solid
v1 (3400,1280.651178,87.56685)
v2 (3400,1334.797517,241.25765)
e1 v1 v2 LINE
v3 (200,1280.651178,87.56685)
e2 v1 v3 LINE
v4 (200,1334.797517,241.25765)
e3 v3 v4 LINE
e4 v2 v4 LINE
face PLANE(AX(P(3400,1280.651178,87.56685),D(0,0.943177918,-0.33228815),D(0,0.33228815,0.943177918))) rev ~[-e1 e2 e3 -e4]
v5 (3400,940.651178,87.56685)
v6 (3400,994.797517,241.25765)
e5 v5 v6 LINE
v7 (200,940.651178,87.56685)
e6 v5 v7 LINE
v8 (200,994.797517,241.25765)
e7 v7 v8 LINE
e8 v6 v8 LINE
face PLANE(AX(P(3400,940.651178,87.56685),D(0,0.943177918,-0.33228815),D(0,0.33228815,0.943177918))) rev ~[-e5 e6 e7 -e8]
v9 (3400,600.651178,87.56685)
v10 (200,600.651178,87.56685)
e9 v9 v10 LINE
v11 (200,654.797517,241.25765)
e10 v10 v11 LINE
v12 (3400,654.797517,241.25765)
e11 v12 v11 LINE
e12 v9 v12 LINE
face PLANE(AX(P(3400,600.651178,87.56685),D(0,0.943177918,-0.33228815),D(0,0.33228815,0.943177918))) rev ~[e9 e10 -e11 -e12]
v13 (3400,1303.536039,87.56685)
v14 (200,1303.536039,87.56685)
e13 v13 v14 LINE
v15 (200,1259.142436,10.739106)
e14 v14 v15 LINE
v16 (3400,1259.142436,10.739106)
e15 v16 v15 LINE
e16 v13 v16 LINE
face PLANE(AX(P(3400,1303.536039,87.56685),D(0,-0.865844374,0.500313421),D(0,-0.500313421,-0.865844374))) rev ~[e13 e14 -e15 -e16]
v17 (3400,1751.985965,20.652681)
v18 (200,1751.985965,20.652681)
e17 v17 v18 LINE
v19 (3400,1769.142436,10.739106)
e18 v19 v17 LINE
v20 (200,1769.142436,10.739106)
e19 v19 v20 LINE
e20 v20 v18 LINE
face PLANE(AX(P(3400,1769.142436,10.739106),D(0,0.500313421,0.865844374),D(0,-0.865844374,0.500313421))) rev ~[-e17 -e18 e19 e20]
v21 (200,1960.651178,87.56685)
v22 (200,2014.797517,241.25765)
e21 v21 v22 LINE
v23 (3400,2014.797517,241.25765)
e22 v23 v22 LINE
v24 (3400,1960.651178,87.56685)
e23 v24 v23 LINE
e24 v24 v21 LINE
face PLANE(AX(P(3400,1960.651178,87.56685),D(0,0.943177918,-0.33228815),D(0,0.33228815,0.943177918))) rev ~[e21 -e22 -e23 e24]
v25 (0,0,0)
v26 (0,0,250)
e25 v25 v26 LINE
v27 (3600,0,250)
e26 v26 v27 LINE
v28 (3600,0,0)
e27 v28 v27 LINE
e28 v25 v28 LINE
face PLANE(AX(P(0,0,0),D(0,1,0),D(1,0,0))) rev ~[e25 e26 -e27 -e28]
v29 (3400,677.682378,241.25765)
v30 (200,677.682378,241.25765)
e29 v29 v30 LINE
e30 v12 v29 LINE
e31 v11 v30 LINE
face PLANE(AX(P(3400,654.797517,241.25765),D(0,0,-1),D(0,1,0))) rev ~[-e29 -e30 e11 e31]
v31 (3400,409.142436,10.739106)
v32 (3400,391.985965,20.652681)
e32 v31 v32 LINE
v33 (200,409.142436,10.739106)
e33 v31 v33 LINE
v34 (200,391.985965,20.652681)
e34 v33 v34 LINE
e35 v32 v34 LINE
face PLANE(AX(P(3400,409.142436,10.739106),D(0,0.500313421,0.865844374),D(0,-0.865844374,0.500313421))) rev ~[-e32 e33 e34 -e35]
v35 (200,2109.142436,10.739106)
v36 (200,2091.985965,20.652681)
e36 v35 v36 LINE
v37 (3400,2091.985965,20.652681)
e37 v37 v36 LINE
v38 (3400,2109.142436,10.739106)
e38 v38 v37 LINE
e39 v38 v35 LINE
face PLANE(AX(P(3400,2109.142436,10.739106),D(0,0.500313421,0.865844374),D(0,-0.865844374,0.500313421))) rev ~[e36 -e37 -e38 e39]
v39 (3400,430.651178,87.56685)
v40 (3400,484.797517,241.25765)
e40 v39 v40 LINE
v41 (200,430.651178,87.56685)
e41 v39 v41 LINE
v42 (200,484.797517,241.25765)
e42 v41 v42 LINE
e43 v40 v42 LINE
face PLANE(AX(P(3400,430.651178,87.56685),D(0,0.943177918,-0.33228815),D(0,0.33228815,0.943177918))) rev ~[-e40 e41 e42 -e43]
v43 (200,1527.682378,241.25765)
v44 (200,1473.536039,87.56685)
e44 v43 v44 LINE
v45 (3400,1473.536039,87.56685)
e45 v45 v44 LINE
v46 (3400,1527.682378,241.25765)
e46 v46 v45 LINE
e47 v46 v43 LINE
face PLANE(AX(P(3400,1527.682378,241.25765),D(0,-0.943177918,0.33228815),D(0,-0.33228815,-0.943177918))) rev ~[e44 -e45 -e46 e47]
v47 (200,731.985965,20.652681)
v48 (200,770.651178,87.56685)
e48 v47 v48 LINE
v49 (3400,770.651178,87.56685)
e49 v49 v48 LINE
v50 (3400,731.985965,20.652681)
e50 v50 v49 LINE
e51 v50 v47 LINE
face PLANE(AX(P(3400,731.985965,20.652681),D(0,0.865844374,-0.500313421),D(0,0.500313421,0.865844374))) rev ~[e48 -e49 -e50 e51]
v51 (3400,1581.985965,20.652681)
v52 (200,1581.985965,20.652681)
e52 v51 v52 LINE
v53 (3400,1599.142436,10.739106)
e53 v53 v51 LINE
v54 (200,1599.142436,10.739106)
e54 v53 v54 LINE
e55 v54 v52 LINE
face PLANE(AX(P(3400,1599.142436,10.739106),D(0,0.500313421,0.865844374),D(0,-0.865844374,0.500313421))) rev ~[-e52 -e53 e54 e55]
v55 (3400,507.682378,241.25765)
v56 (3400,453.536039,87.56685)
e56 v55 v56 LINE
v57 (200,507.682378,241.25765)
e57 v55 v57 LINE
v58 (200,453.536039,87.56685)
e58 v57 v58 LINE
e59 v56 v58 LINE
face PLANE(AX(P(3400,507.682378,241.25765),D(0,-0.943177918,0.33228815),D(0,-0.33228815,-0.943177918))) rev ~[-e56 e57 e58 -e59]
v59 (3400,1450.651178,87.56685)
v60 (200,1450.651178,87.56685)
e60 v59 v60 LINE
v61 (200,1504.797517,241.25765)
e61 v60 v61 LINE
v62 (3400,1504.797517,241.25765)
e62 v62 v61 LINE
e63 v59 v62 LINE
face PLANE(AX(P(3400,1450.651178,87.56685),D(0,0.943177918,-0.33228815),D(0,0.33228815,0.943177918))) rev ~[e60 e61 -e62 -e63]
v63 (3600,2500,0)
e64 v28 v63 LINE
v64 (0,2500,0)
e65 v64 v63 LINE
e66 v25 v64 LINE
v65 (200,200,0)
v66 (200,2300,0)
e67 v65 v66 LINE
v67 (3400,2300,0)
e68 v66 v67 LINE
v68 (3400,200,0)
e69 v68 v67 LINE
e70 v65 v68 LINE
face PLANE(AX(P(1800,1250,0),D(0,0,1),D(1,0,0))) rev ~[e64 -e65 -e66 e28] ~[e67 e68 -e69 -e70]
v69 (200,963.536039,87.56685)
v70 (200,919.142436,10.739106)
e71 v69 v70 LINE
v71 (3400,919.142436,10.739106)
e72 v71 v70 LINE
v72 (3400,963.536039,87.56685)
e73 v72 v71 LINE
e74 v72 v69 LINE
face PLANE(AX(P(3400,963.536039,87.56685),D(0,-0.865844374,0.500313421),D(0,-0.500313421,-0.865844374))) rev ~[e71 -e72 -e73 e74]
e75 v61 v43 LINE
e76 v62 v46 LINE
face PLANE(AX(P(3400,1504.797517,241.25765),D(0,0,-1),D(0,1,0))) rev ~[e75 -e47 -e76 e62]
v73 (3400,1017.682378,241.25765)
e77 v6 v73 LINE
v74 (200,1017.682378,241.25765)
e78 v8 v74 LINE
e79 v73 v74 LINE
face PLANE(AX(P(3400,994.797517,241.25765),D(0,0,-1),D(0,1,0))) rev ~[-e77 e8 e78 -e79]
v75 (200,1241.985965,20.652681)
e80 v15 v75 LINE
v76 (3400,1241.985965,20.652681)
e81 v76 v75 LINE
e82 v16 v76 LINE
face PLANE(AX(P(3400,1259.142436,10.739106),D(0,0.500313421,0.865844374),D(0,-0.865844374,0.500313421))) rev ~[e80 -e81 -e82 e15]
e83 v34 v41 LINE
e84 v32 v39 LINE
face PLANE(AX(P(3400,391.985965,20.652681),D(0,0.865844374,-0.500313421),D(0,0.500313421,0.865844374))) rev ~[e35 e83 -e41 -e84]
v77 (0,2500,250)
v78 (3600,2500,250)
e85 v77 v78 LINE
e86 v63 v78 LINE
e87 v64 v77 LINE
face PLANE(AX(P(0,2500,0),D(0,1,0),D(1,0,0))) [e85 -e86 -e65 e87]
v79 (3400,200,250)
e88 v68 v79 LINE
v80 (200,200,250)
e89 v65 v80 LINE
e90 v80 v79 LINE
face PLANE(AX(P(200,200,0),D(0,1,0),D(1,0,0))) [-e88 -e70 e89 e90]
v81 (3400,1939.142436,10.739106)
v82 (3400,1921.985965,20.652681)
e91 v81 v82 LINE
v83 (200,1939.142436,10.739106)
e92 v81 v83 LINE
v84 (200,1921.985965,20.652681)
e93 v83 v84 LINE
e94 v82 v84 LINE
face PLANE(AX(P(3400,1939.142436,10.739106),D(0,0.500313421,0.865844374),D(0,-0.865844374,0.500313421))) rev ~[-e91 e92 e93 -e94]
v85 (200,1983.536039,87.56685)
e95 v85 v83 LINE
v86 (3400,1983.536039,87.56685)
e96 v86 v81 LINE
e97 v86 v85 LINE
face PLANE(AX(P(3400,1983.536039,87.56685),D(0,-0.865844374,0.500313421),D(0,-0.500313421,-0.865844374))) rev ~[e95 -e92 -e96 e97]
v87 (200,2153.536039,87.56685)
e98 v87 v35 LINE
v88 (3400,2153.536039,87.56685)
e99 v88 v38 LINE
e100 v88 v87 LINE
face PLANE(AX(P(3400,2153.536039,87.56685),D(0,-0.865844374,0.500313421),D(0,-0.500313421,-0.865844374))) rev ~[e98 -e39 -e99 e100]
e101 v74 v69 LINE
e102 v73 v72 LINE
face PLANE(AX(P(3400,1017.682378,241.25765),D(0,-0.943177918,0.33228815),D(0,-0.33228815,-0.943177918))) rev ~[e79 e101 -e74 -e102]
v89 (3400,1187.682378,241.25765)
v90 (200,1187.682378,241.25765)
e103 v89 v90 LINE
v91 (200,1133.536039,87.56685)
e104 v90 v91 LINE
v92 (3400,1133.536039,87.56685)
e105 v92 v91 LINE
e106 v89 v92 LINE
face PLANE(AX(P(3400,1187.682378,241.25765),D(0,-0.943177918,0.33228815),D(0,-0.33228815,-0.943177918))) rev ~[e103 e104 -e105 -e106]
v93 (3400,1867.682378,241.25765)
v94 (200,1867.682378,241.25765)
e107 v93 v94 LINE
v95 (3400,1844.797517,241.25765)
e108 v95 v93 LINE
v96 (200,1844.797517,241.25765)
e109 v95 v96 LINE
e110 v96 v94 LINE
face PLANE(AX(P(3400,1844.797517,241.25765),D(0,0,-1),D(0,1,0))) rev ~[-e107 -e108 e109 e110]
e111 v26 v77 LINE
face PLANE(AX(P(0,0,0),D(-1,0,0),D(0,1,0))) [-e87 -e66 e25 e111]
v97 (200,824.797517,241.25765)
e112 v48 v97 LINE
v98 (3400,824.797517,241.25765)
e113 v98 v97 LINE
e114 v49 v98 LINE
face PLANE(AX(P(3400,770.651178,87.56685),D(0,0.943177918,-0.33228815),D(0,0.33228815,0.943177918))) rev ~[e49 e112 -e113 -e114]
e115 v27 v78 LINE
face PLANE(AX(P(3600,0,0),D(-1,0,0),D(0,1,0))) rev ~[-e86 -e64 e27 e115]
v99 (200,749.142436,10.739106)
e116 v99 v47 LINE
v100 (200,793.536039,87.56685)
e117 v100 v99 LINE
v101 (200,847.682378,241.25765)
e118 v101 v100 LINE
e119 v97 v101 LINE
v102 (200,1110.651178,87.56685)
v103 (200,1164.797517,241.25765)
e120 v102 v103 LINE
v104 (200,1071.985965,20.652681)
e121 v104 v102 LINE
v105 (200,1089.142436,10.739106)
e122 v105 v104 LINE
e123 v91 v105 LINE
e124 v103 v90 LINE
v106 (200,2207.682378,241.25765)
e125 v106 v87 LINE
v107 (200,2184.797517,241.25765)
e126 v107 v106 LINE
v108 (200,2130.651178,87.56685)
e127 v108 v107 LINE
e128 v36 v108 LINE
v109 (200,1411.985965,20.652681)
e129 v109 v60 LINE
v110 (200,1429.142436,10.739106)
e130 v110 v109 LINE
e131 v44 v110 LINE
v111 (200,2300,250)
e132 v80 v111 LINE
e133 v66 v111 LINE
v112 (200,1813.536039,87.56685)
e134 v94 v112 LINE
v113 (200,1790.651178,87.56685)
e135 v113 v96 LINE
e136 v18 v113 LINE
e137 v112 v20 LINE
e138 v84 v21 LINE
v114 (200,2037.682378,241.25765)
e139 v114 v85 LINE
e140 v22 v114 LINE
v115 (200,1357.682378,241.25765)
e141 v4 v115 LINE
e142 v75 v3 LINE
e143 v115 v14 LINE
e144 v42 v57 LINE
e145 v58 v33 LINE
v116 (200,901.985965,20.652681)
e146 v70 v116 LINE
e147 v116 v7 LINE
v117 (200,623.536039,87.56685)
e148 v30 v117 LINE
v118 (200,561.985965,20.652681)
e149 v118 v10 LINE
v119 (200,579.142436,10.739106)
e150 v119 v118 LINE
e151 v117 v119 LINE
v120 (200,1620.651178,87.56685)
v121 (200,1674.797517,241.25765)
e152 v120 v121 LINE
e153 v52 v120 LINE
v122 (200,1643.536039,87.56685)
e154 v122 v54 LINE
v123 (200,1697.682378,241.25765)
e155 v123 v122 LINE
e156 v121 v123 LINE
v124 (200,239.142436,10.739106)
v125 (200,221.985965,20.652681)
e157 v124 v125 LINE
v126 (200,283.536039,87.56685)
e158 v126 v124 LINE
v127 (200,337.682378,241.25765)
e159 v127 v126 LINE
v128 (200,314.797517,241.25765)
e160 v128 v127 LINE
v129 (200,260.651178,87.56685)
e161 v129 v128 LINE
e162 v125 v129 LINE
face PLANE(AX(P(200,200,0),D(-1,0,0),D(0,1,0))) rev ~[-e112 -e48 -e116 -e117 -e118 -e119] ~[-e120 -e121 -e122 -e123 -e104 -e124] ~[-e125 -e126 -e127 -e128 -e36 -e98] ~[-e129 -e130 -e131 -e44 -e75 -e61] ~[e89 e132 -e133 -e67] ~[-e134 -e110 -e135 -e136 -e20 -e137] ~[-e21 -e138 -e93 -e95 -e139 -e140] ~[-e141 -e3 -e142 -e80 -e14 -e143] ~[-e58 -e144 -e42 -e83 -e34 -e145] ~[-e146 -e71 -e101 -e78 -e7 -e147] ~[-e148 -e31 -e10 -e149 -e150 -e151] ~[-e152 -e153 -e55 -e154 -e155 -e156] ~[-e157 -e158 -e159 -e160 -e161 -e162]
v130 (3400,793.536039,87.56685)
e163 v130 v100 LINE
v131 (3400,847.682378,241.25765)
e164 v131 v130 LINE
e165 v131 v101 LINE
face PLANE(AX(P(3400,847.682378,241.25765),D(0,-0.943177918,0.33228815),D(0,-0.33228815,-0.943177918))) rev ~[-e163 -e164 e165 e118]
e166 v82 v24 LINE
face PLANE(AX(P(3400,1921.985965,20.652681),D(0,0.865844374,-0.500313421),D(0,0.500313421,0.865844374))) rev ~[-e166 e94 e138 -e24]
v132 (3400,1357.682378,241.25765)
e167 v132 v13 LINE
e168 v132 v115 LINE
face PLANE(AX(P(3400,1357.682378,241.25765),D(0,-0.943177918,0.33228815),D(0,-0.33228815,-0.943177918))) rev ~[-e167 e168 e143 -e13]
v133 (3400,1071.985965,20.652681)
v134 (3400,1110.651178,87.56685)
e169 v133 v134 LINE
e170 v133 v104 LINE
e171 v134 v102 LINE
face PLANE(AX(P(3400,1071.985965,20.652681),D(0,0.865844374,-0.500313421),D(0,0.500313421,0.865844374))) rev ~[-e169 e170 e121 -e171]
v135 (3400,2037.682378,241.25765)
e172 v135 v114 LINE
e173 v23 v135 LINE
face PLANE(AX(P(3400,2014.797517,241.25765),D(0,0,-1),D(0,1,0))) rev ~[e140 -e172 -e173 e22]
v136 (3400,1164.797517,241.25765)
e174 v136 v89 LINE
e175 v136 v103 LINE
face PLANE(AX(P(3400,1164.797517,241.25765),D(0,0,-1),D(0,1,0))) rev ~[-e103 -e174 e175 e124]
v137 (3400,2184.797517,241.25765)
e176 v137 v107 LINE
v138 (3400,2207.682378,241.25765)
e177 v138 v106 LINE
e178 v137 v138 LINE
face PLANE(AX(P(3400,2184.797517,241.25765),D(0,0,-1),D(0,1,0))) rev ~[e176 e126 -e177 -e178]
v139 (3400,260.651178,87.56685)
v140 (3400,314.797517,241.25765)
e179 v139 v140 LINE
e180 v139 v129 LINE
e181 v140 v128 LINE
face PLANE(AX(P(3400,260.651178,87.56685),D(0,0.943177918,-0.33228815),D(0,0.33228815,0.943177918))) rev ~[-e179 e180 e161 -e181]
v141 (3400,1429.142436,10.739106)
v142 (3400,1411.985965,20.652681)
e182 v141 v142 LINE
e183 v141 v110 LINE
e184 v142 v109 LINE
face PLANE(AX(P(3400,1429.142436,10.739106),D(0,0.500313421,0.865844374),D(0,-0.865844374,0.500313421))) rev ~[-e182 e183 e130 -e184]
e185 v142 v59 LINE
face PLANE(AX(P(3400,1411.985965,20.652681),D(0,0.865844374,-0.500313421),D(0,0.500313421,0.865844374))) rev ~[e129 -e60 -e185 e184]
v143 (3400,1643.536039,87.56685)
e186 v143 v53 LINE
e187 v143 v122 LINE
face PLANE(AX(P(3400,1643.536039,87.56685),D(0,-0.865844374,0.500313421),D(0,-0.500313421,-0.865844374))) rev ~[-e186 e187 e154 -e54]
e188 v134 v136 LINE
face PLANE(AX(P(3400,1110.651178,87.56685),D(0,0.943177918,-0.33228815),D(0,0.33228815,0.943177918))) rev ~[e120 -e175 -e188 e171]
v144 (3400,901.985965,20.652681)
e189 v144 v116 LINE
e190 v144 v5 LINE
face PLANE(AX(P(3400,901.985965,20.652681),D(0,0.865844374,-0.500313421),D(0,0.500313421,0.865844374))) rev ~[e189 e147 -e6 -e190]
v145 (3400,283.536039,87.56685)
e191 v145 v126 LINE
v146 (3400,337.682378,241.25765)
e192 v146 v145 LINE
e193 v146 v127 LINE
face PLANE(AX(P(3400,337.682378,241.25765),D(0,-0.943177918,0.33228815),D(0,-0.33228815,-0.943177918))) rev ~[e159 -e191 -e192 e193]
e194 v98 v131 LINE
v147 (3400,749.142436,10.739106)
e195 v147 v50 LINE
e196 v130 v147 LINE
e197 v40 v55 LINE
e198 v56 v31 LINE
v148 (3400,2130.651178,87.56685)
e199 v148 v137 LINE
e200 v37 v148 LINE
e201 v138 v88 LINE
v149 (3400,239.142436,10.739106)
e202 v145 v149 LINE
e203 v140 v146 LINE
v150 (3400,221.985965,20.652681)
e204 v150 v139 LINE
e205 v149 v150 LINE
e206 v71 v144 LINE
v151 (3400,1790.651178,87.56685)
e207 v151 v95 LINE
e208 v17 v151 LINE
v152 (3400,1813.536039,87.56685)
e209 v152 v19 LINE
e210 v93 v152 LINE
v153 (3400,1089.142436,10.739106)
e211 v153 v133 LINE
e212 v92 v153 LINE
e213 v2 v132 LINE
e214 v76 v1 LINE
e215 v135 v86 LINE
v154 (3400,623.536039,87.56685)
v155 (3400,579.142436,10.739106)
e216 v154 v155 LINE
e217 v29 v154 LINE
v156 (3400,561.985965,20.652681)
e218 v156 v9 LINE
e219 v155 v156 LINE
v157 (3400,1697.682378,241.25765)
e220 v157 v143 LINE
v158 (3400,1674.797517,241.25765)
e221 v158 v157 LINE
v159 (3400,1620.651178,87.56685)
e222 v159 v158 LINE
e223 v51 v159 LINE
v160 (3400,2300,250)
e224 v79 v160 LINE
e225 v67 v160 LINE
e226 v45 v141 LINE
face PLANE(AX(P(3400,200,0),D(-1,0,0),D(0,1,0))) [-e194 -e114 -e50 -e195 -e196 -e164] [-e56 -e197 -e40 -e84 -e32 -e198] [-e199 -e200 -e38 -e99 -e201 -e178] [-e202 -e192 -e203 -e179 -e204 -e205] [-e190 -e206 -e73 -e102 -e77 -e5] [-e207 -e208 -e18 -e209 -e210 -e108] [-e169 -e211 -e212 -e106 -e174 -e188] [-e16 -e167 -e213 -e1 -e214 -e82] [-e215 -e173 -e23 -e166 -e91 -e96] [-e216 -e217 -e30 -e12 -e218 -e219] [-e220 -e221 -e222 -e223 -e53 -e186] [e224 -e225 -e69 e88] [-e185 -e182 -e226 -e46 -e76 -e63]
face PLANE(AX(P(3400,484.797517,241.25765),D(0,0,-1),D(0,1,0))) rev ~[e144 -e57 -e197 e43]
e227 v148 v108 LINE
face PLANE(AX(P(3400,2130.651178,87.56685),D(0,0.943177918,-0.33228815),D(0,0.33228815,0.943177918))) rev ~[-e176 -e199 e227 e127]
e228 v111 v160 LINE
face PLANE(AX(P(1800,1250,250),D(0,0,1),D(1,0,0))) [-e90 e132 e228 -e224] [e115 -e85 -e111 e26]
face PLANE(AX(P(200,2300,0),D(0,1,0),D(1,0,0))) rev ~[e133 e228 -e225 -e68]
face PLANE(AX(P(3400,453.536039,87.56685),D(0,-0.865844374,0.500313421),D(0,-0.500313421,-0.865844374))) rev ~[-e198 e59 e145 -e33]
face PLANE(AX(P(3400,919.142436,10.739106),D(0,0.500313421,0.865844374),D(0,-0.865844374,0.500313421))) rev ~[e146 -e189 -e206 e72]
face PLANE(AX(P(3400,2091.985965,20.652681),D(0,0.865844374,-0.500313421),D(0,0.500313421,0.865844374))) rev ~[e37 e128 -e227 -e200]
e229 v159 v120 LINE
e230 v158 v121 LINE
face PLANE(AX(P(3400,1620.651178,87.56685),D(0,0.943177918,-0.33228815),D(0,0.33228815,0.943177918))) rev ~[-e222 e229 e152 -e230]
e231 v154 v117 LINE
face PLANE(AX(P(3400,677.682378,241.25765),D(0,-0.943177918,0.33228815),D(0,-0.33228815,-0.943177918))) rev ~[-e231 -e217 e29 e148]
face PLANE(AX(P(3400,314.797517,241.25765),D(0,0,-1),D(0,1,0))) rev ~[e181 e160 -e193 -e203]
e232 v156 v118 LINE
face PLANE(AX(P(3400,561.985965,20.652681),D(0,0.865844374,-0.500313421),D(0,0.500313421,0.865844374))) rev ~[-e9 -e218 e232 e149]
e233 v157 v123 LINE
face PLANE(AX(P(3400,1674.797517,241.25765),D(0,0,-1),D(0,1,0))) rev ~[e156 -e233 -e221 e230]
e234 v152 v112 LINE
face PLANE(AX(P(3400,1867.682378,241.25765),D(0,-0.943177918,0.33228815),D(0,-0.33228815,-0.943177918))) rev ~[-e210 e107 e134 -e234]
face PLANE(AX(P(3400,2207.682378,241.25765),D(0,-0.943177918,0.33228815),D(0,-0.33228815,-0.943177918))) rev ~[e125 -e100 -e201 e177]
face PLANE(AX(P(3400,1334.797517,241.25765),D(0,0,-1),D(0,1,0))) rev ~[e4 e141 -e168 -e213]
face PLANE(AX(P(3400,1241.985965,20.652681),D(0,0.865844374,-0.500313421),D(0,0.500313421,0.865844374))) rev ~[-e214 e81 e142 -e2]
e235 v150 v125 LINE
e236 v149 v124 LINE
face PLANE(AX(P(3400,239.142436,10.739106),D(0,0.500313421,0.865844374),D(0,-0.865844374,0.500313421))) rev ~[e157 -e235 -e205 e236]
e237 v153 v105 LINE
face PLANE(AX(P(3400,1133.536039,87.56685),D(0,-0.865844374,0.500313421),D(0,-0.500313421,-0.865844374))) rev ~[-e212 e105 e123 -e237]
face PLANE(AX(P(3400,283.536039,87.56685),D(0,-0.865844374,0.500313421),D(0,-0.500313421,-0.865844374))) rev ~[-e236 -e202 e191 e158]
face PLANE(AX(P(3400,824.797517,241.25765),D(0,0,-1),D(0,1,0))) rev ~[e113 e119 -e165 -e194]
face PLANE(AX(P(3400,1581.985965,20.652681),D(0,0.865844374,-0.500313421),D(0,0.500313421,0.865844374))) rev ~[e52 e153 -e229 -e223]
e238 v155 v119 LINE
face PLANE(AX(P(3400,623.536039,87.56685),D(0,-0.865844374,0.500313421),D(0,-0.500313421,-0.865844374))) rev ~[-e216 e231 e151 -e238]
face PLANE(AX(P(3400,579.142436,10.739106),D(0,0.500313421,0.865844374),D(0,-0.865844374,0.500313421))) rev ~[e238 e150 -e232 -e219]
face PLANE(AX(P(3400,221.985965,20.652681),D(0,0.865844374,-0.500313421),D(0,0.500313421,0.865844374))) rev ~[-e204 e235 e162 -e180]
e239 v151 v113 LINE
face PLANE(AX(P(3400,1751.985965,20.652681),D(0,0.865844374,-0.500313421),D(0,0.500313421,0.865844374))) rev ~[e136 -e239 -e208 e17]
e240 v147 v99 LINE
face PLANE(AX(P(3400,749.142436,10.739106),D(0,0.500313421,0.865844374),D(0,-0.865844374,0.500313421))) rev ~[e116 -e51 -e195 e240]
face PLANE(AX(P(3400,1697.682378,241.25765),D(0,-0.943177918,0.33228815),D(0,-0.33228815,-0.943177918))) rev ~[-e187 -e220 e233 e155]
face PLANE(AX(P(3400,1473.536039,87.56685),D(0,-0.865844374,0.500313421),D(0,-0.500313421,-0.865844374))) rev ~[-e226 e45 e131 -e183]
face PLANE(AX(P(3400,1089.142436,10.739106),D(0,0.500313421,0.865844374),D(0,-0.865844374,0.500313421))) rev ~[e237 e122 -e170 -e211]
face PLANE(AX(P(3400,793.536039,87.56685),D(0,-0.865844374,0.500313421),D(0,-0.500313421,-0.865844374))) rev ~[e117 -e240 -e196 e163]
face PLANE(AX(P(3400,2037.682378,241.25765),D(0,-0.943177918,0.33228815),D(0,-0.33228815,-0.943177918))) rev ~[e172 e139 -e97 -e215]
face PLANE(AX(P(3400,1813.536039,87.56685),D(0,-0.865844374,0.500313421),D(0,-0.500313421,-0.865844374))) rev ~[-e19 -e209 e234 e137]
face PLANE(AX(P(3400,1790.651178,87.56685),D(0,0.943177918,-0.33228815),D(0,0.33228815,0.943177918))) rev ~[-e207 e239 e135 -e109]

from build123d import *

# Parameters (mm, degrees)
SKETCH1_W           = 3600
SKETCH1_H           = 2500
SKETCH1_W_2         = 3200
SKETCH1_H_2         = 2100
BOSS_EXTRUDE4_DEPTH = 250
BOSS_EXTRUDE5_DEPTH = 3200
LPATTERN1_COUNT     = 12
LPATTERN1_PITCH     = 170


with BuildPart() as part:
    # Sketch1 → Boss-Extrude4 (new body)
    with BuildSketch(Plane.XY):
        with Locations((1800, 1250)):
            Rectangle(SKETCH1_W, SKETCH1_H)
        with Locations((1800, 1250)):
            Rectangle(SKETCH1_W_2, SKETCH1_H_2, mode=Mode.SUBTRACT)
    extrude(amount=BOSS_EXTRUDE4_DEPTH)

    # Sketch2 → Boss-Extrude5 (add)
    with BuildSketch(Plane.ZY.offset(-3400)):
        Polygon((241.257649794, 337.682377697), (87.566850397, 283.536038596), (10.739106486, 239.142435597), (20.652680925, 221.985964691), (87.566850397, 260.651177586), (241.257649794, 314.797516687), align=None)
    boss_extrude5 = extrude(amount=BOSS_EXTRUDE5_DEPTH)

    # LPattern1: Boss-Extrude5 ×12
    with Locations(*[(0, i * LPATTERN1_PITCH, 0) for i in range(1, LPATTERN1_COUNT)]):
        add(boss_extrude5)


solid = part.part
